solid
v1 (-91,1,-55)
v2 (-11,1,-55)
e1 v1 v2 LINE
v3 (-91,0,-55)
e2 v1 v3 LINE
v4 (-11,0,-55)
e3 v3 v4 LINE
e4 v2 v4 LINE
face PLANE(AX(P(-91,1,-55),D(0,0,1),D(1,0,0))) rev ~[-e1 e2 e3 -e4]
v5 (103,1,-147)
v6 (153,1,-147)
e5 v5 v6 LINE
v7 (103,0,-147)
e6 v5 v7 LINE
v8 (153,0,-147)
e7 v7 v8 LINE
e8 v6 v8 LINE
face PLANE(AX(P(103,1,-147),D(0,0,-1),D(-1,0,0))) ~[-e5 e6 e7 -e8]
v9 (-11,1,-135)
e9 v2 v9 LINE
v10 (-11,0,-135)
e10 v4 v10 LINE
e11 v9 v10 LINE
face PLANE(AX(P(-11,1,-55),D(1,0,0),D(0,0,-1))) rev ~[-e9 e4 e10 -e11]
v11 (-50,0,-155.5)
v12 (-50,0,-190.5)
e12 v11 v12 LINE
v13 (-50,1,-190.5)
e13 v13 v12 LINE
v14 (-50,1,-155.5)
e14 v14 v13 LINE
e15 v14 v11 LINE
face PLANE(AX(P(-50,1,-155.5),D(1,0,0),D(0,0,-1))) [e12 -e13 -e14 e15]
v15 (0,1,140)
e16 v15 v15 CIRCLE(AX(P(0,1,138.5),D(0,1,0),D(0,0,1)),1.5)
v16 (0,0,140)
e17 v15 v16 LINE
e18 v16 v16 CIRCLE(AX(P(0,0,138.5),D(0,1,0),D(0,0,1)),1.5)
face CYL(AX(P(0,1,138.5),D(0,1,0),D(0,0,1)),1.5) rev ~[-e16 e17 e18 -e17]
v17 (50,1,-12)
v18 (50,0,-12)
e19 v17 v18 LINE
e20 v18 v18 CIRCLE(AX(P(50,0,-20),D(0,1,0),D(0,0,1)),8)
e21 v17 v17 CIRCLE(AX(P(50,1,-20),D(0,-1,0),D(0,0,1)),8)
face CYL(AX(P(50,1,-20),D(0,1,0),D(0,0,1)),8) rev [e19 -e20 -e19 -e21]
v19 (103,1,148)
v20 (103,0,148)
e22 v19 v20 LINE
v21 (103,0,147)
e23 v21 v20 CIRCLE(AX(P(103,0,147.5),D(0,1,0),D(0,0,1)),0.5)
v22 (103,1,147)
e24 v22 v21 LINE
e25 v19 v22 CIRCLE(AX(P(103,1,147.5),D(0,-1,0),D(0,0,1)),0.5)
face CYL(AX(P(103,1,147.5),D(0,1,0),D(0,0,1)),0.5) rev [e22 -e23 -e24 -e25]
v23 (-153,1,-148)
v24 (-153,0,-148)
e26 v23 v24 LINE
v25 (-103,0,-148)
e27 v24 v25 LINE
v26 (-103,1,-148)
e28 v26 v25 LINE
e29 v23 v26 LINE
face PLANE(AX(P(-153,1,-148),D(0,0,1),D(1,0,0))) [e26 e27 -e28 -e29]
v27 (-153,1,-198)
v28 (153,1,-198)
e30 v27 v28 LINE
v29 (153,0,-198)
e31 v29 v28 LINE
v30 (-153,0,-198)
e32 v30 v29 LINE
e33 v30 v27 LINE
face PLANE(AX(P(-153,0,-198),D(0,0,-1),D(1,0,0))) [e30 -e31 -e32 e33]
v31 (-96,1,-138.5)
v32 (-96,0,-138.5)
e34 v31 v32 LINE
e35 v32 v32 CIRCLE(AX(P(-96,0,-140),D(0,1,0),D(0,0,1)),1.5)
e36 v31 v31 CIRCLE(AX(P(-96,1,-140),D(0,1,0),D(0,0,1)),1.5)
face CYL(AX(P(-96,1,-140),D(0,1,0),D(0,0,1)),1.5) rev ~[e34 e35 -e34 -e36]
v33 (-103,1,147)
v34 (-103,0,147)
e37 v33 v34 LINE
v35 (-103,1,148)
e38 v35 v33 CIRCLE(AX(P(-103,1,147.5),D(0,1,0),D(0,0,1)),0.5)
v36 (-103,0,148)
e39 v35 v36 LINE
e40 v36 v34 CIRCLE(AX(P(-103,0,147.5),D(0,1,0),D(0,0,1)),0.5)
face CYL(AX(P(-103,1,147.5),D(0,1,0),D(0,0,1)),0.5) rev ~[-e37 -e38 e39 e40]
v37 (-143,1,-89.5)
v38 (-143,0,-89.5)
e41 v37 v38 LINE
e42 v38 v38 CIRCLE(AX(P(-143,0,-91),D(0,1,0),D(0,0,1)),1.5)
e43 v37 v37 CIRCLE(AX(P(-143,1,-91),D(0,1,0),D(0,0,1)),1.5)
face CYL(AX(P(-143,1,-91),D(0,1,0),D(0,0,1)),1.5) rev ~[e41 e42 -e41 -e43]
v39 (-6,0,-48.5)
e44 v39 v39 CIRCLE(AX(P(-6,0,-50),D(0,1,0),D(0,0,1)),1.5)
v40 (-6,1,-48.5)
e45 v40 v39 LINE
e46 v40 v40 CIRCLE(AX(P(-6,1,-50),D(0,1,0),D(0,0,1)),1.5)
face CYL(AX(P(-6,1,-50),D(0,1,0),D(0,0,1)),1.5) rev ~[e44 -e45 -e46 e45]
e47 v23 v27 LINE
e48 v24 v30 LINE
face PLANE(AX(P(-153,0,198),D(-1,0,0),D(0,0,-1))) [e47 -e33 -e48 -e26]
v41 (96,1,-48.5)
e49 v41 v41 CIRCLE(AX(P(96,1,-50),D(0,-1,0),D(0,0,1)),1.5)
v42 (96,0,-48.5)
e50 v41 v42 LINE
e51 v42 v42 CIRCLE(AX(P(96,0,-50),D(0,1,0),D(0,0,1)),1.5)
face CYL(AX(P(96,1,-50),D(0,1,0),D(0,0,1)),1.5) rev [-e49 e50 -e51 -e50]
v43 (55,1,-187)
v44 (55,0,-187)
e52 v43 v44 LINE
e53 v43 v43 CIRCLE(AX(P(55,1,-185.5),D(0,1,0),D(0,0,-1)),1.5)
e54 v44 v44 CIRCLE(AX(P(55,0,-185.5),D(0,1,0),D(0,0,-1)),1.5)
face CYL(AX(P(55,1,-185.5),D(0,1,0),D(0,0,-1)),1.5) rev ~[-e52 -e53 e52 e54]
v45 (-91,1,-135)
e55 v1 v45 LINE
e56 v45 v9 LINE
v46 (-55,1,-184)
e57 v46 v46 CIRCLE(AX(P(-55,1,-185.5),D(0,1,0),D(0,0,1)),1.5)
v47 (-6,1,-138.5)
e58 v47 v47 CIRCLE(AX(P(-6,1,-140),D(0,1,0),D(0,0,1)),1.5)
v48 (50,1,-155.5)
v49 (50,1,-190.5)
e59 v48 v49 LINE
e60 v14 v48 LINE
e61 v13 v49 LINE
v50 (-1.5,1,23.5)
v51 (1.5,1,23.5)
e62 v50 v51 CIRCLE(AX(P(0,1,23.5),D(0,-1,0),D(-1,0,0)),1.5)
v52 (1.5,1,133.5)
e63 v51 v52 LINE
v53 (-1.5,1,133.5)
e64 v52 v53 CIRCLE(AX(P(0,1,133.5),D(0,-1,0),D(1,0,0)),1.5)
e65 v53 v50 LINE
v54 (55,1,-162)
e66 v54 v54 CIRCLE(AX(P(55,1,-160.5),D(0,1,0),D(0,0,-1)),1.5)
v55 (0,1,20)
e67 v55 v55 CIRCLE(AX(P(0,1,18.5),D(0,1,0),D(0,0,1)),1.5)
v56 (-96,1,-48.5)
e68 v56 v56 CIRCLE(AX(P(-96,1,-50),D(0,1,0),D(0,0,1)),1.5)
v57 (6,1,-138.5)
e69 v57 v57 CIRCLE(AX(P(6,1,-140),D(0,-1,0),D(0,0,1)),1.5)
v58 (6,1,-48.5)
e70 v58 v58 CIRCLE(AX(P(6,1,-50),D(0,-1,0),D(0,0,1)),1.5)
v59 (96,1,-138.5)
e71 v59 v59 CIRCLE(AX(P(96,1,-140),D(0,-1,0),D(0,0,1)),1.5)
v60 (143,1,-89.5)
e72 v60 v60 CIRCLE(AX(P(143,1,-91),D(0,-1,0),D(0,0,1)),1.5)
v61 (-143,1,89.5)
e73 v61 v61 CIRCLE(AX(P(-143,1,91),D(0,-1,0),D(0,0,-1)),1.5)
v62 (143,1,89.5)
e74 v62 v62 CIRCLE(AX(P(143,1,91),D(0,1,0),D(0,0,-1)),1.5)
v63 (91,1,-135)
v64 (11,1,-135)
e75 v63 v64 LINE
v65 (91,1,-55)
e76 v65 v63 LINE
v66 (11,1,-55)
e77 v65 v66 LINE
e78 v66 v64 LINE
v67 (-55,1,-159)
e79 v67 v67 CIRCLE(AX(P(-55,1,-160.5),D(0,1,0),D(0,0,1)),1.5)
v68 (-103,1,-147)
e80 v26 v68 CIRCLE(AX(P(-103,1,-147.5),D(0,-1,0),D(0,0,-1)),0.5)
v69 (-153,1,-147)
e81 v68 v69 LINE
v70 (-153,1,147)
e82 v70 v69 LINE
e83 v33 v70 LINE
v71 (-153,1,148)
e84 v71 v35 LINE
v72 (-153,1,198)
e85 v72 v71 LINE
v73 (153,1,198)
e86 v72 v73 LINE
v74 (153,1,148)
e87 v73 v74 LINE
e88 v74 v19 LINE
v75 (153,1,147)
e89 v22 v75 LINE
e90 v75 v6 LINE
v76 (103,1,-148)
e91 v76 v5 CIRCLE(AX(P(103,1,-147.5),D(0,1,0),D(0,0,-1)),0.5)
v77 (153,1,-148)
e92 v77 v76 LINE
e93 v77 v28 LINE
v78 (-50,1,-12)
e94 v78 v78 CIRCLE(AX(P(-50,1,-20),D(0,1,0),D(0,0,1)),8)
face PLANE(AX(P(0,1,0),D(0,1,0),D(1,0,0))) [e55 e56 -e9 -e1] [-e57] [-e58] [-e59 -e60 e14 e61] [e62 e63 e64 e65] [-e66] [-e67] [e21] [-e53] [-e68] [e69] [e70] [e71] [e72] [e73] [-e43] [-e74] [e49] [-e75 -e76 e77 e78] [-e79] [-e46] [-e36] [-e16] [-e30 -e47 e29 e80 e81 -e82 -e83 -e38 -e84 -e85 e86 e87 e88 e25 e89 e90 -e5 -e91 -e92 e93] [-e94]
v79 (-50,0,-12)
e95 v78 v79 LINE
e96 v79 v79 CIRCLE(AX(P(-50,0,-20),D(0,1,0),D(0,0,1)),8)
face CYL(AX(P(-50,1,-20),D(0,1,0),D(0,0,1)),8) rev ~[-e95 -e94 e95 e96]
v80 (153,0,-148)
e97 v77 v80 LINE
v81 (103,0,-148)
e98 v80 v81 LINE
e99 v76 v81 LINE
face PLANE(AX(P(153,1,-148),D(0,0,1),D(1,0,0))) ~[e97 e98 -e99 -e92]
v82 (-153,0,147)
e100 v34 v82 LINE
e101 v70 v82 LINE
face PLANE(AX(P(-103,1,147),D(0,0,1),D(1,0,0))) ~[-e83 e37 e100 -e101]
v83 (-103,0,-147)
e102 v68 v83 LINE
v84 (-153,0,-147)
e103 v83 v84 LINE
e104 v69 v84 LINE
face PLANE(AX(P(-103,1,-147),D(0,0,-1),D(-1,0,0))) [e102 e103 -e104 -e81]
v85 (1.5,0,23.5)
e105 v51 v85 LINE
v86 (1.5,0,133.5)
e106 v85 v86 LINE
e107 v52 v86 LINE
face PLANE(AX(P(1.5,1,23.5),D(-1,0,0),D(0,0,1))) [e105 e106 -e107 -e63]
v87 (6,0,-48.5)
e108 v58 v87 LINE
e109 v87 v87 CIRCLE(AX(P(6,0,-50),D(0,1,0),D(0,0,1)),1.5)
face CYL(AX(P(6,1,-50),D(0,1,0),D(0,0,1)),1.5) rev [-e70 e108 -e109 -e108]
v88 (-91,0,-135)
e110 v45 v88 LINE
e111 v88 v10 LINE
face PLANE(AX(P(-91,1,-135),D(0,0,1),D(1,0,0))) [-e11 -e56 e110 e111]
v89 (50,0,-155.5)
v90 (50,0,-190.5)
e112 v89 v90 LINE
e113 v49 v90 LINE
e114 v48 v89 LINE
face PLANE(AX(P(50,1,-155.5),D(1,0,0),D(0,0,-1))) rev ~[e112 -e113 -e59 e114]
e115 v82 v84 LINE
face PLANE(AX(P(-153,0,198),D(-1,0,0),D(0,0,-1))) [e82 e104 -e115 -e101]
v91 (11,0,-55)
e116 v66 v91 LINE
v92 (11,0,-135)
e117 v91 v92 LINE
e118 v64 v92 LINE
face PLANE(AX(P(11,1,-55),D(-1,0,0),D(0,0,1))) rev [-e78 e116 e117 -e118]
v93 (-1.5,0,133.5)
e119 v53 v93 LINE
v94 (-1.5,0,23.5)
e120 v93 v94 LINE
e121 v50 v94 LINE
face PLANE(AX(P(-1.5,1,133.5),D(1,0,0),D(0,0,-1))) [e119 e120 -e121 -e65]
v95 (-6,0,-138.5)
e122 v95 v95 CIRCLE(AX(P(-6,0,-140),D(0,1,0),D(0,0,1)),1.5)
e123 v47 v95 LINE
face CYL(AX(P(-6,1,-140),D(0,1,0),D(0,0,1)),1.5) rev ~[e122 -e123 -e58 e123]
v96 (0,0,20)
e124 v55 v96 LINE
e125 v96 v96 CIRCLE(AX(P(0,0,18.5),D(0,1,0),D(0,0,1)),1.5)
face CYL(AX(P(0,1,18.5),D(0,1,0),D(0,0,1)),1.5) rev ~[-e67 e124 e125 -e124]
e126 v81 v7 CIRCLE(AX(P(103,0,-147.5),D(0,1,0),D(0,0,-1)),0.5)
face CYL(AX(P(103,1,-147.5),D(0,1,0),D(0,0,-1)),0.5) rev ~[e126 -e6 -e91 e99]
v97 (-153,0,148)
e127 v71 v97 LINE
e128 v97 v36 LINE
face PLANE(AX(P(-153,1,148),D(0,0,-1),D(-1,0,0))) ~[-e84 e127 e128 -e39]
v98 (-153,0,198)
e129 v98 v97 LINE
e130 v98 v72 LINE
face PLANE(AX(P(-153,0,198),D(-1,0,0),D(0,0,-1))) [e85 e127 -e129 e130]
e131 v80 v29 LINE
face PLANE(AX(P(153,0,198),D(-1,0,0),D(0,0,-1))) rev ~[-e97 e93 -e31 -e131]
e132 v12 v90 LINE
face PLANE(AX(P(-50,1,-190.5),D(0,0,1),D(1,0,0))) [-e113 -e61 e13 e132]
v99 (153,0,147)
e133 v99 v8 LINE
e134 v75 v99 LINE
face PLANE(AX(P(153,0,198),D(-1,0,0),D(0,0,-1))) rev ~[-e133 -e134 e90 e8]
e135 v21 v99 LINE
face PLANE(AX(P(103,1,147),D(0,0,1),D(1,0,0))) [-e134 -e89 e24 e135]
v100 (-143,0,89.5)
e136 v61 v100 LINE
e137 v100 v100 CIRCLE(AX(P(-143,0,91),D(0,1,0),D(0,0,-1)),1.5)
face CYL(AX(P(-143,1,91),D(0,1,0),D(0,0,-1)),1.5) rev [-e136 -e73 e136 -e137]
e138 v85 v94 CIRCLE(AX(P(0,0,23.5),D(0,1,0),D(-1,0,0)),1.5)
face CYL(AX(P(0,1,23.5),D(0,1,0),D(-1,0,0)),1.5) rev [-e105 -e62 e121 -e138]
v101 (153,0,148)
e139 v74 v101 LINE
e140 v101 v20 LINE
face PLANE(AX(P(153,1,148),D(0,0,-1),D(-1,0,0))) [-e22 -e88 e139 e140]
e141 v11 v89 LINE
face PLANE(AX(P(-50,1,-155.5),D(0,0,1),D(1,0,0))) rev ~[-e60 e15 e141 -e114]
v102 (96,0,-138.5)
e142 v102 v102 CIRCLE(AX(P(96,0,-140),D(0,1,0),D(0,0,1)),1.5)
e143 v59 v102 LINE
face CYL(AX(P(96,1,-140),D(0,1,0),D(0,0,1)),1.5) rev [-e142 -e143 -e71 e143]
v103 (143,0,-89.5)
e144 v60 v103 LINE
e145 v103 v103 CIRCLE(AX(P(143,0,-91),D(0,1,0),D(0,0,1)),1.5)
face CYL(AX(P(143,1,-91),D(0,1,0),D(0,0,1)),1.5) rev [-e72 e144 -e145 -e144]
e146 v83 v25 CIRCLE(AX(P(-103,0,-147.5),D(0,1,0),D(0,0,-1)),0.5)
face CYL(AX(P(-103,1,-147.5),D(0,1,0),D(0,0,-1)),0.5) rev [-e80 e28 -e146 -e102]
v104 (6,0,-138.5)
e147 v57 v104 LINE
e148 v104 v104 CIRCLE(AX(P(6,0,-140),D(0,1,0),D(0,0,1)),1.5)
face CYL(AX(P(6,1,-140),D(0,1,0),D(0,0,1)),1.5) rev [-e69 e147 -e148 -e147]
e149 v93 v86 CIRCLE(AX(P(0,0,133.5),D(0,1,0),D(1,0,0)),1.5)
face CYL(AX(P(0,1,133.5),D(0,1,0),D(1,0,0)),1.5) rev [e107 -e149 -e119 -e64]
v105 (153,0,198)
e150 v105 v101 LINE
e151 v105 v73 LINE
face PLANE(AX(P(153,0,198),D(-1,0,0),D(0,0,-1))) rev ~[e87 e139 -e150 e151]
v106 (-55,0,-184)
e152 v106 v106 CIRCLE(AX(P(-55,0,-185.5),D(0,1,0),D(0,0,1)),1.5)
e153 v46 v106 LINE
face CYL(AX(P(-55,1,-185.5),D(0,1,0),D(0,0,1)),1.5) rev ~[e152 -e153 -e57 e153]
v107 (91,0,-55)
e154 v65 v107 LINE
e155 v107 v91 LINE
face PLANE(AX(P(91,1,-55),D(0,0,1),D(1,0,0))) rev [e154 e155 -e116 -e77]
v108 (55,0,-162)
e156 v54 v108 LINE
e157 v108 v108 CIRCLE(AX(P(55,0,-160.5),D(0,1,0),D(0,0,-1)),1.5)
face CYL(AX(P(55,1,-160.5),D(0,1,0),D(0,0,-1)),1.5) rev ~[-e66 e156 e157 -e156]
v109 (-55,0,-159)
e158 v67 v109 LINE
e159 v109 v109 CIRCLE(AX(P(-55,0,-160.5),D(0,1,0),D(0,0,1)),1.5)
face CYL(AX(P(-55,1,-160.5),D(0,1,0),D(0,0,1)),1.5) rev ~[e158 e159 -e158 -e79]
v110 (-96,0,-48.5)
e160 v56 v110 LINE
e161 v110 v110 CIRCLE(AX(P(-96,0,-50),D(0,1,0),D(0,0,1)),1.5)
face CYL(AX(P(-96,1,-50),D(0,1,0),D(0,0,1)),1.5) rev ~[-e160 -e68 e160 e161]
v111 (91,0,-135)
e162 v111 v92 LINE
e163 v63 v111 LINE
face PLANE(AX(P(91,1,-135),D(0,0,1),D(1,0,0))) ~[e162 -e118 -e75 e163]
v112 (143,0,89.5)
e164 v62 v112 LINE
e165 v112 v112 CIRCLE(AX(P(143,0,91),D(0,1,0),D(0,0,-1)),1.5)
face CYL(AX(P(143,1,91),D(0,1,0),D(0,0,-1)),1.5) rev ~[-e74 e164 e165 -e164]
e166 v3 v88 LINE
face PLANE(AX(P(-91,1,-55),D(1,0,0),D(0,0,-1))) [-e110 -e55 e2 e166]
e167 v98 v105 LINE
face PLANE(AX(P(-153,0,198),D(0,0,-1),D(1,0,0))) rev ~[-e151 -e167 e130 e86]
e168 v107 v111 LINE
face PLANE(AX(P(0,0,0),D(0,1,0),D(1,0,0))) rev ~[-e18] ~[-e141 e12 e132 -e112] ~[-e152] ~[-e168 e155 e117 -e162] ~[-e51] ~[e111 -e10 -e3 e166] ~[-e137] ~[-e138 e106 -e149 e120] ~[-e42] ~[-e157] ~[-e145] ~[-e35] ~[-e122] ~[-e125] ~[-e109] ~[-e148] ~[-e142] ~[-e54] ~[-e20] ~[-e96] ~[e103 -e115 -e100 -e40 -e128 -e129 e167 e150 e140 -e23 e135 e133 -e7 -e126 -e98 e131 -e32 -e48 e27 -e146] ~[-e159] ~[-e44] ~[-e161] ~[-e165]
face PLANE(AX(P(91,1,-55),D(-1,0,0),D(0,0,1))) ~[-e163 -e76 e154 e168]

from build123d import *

# Parameters (mm, degrees)
SKETCH1_W               = 306
SKETCH1_H               = 396
BOSS_EXTRUDE1_DEPTH     = 1
SKETCH2_R               = 1.5
CUT_EXTRUDE1_DEPTH      = 251.227896127
SKETCH3_R               = 8
CUT_EXTRUDE2_DEPTH      = 251.227896127
SKETCH4_R               = 1.5
SKETCH4_W               = 80
SKETCH4_H               = 80
CUT_EXTRUDE3_DEPTH      = 251.227896127
SKETCH6_R               = 1.5
CUT_EXTRUDE4_DEPTH      = 251.227896127
MIRROR4_COPY_1_SKETCH_R = 1.5
MIRROR4_COPY_1_DEPTH    = 251.227896127
SKETCH8_R               = 1.5
SKETCH8_W               = 100
SKETCH8_H               = 35
CUT_EXTRUDE6_DEPTH      = 251.227896127


with BuildPart() as part:
    # Sketch1 → Boss-Extrude1 (new body)
    with BuildSketch(Plane(origin=(0, 0, 0), x_dir=(1, 0, 0), z_dir=(0, 1, 0))):
        Rectangle(SKETCH1_W, SKETCH1_H)
    extrude(amount=BOSS_EXTRUDE1_DEPTH)

    # Sketch2 → Cut-Extrude1 (cut, through all)
    with BuildSketch(Plane(origin=(0, 1, 0), x_dir=(1, 0, 0), z_dir=(0, 1, 0))):
        with Locations(Location((0, -18.5, 0), (0, 0, 270))):
            Circle(SKETCH2_R)
        with Locations(Location((0, -138.5, 0), (0, 0, 270))):
            Circle(SKETCH2_R)
        with BuildLine():
            Line((1.5, -23.5), (1.5, -133.5))
            ThreePointArc((1.5, -133.5), (0, -135), (-1.5, -133.5))
            Line((-1.5, -133.5), (-1.5, -23.5))
            ThreePointArc((-1.5, -23.5), (0, -22), (1.5, -23.5))
        make_face()
    extrude(amount=-CUT_EXTRUDE1_DEPTH, mode=Mode.SUBTRACT)

    # Sketch3 → Cut-Extrude2 (cut, through all)
    with BuildSketch(Plane(origin=(0, 1, 0), x_dir=(1, 0, 0), z_dir=(0, 1, 0))):
        with Locations(Location((-50, 20, 0), (0, 0, 270))):
            Circle(SKETCH3_R)
    cut_extrude2 = extrude(amount=-CUT_EXTRUDE2_DEPTH, mode=Mode.SUBTRACT)

    # Mirror1: Cut-Extrude2 across plane
    add(cut_extrude2.mirror(Plane(origin=(0, 0, 0), x_dir=(0, 0, 1), z_dir=(1, 0, 0))), mode=Mode.SUBTRACT)

    # Sketch4 → Cut-Extrude3 (cut, through all)
    with BuildSketch(Plane(origin=(0, 1, 0), x_dir=(1, 0, 0), z_dir=(0, 1, 0))):
        with Locations(Location((-96, 140, 0), (0, 0, 270))):
            Circle(SKETCH4_R)
        with Locations(Location((-6, 140, 0), (0, 0, 270))):
            Circle(SKETCH4_R)
        with Locations(Location((-96, 50, 0), (0, 0, 270))):
            Circle(SKETCH4_R)
        with Locations(Location((-6, 50, 0), (0, 0, 270))):
            Circle(SKETCH4_R)
        with Locations((-51, 95)):
            Rectangle(SKETCH4_W, SKETCH4_H)
    cut_extrude3 = extrude(amount=-CUT_EXTRUDE3_DEPTH, mode=Mode.SUBTRACT)

    # Mirror2: Cut-Extrude3 across plane
    add(cut_extrude3.mirror(Plane(origin=(0, 0, 0), x_dir=(0, 0, 1), z_dir=(1, 0, 0))), mode=Mode.SUBTRACT)

    # Sketch6 → Cut-Extrude4 (cut, through all)
    with BuildSketch(Plane(origin=(0, 1, 0), x_dir=(1, 0, 0), z_dir=(0, 1, 0))):
        with Locations(Location((-143, 91, 0), (0, 0, 270))):
            Circle(SKETCH6_R)
        with BuildLine():
            Line((-153, 148), (-103, 148))
            ThreePointArc((-103, 148), (-102.5, 147.5), (-103, 147))
            Line((-103, 147), (-153, 147))
            ThreePointArc((-153, 147), (-153.5, 147.5), (-153, 148))
        make_face()
    cut_extrude4 = extrude(amount=-CUT_EXTRUDE4_DEPTH, mode=Mode.SUBTRACT)

    # Mirror3: Cut-Extrude4 across plane
    add(cut_extrude4.mirror(Plane.XY), mode=Mode.SUBTRACT)

    # Mirror4: Cut-Extrude4 across plane
    add(cut_extrude4.mirror(Plane(origin=(0, 0, 0), x_dir=(0, 0, 1), z_dir=(1, 0, 0))), mode=Mode.SUBTRACT)

    # Mirror4 copy 1 sketch → Mirror4 copy 1 (cut, through all)
    with BuildSketch(Plane(origin=(0, 1, 0), x_dir=(-1, 0, 0), z_dir=(0, 1, 0))):
        with Locations(Location((-143, 91, 0), (0, 0, 270))):
            Circle(MIRROR4_COPY_1_SKETCH_R)
        with BuildLine():
            Line((-153, 148), (-103, 148))
            ThreePointArc((-103, 148), (-102.5, 147.5), (-103, 147))
            Line((-103, 147), (-153, 147))
            ThreePointArc((-153, 147), (-153.5, 147.5), (-153, 148))
        make_face()
    extrude(amount=-MIRROR4_COPY_1_DEPTH, mode=Mode.SUBTRACT)

    # Sketch8 → Cut-Extrude6 (cut, through all)
    with BuildSketch(Plane(origin=(0, 1, 0), x_dir=(1, 0, 0), z_dir=(0, 1, 0))):
        with Locations(Location((-55, 185.5, 0), (0, 0, 270))):
            Circle(SKETCH8_R)
        with Locations(Location((-55, 160.5, 0), (0, 0, 270))):
            Circle(SKETCH8_R)
        with Locations(Location((55, 160.5, 0), (0, 0, 90))):
            Circle(SKETCH8_R)
        with Locations(Location((55, 185.5, 0), (0, 0, 90))):
            Circle(SKETCH8_R)
        with Locations((0, 173)):
            Rectangle(SKETCH8_W, SKETCH8_H)
    extrude(amount=-CUT_EXTRUDE6_DEPTH, mode=Mode.SUBTRACT)


solid = part.part
